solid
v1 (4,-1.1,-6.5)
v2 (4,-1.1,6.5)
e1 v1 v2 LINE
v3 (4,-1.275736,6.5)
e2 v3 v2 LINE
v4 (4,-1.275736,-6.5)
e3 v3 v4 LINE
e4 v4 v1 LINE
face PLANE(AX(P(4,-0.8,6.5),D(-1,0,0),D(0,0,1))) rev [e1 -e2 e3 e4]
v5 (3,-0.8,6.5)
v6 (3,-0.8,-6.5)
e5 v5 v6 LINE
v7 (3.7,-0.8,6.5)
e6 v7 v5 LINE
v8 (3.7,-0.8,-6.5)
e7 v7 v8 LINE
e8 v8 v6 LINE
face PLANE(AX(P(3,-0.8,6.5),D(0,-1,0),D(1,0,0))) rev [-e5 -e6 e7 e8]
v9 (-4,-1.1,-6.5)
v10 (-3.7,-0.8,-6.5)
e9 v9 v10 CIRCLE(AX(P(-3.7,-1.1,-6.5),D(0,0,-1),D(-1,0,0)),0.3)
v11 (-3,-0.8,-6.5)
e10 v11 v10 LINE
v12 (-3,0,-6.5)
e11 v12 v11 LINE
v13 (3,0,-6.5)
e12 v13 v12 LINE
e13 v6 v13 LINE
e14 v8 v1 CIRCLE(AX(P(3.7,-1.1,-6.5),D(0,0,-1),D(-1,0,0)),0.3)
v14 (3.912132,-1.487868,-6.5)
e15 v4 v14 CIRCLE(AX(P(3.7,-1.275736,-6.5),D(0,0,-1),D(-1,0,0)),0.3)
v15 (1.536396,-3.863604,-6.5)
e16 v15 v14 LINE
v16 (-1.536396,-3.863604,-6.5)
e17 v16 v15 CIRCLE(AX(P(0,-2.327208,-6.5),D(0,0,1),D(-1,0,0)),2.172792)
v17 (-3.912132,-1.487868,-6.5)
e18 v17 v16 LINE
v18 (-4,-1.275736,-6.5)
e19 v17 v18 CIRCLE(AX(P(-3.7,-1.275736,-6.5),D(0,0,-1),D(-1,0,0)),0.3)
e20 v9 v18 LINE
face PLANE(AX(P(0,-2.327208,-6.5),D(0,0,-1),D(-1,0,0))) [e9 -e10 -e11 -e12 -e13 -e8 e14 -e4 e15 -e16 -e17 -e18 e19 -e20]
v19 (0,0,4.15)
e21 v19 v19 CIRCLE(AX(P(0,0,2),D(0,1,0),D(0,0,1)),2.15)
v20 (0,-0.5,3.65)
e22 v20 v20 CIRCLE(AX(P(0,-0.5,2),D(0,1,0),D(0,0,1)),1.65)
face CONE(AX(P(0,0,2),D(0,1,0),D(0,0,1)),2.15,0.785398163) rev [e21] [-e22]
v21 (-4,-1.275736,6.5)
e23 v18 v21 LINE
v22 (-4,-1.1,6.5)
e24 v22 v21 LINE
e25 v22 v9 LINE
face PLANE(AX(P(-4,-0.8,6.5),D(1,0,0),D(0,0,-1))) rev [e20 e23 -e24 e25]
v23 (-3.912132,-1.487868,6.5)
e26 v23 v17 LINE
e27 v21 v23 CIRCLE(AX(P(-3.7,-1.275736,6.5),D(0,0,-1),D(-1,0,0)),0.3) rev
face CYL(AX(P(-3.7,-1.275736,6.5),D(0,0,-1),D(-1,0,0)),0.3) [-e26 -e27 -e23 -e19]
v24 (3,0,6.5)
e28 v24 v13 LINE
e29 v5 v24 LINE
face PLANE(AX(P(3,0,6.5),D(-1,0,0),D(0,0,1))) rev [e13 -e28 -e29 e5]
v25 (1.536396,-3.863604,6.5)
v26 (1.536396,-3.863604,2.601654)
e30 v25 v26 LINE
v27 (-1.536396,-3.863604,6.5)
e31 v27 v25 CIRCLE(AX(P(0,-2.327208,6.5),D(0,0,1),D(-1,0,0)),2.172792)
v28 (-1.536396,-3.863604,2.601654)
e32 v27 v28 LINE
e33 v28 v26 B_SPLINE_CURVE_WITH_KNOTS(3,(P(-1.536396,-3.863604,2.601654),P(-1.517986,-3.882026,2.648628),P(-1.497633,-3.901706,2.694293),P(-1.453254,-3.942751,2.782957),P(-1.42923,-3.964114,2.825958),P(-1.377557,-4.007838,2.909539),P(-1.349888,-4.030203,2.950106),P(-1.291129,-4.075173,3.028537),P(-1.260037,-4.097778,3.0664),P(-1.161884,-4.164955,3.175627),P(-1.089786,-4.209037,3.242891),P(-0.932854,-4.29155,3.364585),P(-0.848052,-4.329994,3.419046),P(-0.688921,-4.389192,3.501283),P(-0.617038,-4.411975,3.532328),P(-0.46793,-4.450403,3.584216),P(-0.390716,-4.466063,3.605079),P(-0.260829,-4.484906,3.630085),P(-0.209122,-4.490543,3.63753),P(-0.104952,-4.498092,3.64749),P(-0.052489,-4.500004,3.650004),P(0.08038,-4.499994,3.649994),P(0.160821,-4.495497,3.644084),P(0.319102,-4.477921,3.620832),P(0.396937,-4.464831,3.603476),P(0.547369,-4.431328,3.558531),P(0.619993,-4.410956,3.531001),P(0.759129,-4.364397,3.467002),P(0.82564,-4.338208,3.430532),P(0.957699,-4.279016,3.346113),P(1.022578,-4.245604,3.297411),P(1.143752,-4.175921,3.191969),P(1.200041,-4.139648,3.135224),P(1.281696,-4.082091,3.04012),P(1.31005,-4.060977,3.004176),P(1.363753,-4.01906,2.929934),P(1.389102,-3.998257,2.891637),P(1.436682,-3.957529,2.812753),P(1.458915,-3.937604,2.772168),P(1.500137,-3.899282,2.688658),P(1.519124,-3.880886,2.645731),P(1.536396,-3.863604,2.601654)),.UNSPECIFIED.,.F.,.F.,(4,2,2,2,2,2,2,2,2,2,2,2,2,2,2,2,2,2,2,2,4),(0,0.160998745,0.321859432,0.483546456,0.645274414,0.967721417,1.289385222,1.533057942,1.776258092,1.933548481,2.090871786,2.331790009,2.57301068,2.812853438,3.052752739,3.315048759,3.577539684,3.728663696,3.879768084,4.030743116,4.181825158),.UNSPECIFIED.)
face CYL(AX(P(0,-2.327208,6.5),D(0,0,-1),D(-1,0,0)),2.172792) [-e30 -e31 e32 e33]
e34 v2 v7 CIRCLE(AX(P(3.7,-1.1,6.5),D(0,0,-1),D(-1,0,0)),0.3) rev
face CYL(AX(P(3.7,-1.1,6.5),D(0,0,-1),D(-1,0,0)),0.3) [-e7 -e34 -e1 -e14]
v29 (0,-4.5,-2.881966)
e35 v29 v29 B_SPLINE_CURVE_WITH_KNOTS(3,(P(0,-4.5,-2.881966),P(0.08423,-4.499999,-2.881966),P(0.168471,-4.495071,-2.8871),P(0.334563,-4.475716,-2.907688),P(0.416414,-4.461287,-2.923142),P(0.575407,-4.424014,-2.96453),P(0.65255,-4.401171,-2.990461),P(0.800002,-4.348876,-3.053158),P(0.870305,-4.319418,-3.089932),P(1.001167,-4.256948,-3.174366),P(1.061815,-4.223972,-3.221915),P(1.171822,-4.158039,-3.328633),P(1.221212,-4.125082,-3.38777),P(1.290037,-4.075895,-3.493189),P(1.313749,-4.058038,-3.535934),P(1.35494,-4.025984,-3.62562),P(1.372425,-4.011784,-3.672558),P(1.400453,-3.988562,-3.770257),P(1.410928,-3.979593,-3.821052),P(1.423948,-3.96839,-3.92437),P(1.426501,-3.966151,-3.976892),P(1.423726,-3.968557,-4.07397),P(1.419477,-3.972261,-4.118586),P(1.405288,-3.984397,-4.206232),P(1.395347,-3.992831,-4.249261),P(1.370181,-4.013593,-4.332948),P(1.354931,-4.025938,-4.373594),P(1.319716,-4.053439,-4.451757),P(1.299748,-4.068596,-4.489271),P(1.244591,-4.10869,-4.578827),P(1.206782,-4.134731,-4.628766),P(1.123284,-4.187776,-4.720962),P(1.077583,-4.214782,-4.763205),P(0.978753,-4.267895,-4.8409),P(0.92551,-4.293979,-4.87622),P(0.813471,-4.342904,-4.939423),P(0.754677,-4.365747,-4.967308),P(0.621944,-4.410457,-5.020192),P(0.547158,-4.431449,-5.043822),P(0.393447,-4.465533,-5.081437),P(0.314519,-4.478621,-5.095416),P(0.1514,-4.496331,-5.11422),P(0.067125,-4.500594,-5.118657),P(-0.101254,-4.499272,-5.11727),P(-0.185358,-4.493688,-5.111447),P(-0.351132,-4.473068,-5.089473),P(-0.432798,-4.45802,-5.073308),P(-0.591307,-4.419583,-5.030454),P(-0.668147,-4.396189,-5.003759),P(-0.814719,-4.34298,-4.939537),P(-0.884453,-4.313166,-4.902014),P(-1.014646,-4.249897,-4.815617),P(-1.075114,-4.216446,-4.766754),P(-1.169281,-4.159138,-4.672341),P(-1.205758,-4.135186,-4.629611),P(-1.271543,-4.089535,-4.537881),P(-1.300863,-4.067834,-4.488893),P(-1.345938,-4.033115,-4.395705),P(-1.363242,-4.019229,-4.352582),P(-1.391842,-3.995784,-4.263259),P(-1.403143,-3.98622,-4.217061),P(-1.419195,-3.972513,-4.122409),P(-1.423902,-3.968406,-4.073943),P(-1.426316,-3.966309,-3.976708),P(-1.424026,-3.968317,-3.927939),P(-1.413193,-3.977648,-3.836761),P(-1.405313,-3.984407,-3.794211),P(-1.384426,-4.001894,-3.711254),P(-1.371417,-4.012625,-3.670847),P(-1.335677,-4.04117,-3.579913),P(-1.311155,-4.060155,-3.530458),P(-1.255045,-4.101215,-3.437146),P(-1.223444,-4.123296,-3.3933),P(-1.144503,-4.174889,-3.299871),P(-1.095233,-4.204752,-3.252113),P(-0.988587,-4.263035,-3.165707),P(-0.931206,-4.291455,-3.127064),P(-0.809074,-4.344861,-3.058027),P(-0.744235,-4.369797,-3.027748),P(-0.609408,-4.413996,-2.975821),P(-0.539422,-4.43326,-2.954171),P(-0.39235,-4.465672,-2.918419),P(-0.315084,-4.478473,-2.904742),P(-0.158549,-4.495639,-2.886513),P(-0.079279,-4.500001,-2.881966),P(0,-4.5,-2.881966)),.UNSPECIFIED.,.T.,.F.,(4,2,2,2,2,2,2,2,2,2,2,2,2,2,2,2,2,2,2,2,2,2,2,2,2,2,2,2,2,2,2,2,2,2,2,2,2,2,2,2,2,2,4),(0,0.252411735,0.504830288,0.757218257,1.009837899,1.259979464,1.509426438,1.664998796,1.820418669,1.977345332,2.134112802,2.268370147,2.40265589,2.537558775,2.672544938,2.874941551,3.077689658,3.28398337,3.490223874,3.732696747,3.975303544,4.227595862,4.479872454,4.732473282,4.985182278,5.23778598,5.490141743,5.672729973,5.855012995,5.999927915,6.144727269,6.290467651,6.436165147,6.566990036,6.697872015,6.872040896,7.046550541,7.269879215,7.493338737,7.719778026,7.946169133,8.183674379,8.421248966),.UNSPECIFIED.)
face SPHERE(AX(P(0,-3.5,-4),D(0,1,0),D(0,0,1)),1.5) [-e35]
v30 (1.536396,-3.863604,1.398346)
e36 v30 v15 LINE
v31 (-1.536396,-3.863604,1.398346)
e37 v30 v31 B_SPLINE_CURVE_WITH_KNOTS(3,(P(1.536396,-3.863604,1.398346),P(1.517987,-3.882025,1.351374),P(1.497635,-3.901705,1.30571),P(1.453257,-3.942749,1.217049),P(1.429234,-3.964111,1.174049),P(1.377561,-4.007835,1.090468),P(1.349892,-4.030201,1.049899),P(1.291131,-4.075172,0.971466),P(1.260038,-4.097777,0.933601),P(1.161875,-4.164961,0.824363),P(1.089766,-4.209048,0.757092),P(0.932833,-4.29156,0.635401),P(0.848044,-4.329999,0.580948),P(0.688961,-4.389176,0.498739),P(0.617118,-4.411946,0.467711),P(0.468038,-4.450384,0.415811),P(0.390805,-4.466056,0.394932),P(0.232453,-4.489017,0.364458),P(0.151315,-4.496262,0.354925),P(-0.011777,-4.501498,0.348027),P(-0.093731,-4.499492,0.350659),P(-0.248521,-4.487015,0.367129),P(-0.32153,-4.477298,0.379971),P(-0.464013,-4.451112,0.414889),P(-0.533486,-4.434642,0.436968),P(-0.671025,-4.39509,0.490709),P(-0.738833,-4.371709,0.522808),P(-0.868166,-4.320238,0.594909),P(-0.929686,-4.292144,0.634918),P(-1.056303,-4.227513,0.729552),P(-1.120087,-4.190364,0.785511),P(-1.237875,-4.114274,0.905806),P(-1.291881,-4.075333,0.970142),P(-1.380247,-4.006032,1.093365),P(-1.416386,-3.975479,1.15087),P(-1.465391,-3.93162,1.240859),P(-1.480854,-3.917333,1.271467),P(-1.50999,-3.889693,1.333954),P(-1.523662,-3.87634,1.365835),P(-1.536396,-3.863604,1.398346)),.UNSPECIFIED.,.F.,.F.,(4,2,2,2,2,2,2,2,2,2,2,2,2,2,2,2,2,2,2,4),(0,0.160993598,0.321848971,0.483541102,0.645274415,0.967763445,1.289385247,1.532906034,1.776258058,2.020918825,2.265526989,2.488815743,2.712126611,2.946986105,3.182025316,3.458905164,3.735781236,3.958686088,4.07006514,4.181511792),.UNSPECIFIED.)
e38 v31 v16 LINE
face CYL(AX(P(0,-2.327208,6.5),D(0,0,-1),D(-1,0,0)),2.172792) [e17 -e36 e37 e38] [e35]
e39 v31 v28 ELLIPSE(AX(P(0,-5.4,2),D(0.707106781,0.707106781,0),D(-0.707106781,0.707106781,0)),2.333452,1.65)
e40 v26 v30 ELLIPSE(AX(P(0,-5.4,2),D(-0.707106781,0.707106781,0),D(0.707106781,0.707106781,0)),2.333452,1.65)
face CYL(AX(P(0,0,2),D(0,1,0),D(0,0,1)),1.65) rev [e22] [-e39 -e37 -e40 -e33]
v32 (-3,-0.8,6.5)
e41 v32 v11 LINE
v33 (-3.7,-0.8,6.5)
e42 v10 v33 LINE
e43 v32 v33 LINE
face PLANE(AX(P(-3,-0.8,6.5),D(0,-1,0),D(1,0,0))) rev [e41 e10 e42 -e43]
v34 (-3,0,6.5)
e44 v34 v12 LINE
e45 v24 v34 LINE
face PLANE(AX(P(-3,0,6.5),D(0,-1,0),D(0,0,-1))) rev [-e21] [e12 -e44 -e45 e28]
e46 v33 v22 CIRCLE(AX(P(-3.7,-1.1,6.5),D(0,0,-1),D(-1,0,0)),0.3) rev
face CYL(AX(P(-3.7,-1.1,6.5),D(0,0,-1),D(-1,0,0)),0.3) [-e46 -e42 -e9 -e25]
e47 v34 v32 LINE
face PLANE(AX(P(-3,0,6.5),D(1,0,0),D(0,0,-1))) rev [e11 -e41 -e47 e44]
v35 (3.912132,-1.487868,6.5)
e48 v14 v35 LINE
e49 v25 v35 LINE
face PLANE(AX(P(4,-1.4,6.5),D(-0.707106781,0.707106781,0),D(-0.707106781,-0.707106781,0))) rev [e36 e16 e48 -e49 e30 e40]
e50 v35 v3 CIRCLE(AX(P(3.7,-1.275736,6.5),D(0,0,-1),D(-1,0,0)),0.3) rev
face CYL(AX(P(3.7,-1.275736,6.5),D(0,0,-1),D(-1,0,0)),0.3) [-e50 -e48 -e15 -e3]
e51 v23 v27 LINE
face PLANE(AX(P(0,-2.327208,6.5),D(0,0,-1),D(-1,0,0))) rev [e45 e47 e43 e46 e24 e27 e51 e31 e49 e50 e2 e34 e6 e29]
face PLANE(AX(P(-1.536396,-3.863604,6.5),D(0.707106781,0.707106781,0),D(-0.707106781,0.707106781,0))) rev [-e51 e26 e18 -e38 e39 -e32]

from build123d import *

# Parameters (mm, degrees)
EXTRUDE_1_DEPTH             = 6.5
HOLE_WIZARD_M41_D           = 3.3
HOLE_WIZARD_M41_CSINK_D     = 4.3
HOLE_WIZARD_M41_CSINK_ANGLE = 90
FILLET_1_R                  = 0.3


with BuildPart() as part:
    # Эскиз1 → Бобышка-Вытянуть1 (new body, symmetric)
    with BuildSketch(Plane.XY):
        with BuildLine():
            Line((-3, 0), (3, 0))
            Line((3, 0), (3, -0.8))
            Line((3, -0.8), (4, -0.8))
            Line((4, -0.8), (4, -1.4))
            Line((4, -1.4), (1.536396103, -3.863603897))
            ThreePointArc((1.536396103, -3.863603897), (0, -4.5), (-1.536396103, -3.863603897))
            Line((-1.536396103, -3.863603897), (-4, -1.4))
            Line((-4, -1.4), (-4, -0.8))
            Line((-4, -0.8), (-3, -0.8))
            Line((-3, -0.8), (-3, 0))
        make_face()
    extrude(amount=EXTRUDE_1_DEPTH, both=True)

    # Отверстие обработанное метчиком M41 (through all)
    with Locations(Plane(origin=(0, 0, 0), x_dir=(1, 0, 0), z_dir=(0, 1, 0))):
        with Locations((0, -2)):
            CounterSinkHole(HOLE_WIZARD_M41_D / 2, HOLE_WIZARD_M41_CSINK_D / 2, counter_sink_angle=HOLE_WIZARD_M41_CSINK_ANGLE)

    # Эскиз5 → Повернуть1 (revolve)
    with BuildSketch(Plane(origin=(0, 0, 0), x_dir=(0, 0, -1), z_dir=(1, 0, 0))):
        with BuildLine():
            Line((4, -2), (4, -5))
            ThreePointArc((4, -5), (2.5, -3.5), (4, -2))
        make_face()
    revolve(axis=Axis((0, -2, -4), (0, -1, 0)))

    # Скругление1
    fillet_1_edges = [part.edges().sort_by_distance(p)[0] for p in [
        (4, -0.8, 0),
        (4, -1.4, 0),
        (-4, -1.4, 0),
        (-4, -0.8, 0),
    ]]
    fillet(fillet_1_edges, radius=FILLET_1_R)


solid = part.part
